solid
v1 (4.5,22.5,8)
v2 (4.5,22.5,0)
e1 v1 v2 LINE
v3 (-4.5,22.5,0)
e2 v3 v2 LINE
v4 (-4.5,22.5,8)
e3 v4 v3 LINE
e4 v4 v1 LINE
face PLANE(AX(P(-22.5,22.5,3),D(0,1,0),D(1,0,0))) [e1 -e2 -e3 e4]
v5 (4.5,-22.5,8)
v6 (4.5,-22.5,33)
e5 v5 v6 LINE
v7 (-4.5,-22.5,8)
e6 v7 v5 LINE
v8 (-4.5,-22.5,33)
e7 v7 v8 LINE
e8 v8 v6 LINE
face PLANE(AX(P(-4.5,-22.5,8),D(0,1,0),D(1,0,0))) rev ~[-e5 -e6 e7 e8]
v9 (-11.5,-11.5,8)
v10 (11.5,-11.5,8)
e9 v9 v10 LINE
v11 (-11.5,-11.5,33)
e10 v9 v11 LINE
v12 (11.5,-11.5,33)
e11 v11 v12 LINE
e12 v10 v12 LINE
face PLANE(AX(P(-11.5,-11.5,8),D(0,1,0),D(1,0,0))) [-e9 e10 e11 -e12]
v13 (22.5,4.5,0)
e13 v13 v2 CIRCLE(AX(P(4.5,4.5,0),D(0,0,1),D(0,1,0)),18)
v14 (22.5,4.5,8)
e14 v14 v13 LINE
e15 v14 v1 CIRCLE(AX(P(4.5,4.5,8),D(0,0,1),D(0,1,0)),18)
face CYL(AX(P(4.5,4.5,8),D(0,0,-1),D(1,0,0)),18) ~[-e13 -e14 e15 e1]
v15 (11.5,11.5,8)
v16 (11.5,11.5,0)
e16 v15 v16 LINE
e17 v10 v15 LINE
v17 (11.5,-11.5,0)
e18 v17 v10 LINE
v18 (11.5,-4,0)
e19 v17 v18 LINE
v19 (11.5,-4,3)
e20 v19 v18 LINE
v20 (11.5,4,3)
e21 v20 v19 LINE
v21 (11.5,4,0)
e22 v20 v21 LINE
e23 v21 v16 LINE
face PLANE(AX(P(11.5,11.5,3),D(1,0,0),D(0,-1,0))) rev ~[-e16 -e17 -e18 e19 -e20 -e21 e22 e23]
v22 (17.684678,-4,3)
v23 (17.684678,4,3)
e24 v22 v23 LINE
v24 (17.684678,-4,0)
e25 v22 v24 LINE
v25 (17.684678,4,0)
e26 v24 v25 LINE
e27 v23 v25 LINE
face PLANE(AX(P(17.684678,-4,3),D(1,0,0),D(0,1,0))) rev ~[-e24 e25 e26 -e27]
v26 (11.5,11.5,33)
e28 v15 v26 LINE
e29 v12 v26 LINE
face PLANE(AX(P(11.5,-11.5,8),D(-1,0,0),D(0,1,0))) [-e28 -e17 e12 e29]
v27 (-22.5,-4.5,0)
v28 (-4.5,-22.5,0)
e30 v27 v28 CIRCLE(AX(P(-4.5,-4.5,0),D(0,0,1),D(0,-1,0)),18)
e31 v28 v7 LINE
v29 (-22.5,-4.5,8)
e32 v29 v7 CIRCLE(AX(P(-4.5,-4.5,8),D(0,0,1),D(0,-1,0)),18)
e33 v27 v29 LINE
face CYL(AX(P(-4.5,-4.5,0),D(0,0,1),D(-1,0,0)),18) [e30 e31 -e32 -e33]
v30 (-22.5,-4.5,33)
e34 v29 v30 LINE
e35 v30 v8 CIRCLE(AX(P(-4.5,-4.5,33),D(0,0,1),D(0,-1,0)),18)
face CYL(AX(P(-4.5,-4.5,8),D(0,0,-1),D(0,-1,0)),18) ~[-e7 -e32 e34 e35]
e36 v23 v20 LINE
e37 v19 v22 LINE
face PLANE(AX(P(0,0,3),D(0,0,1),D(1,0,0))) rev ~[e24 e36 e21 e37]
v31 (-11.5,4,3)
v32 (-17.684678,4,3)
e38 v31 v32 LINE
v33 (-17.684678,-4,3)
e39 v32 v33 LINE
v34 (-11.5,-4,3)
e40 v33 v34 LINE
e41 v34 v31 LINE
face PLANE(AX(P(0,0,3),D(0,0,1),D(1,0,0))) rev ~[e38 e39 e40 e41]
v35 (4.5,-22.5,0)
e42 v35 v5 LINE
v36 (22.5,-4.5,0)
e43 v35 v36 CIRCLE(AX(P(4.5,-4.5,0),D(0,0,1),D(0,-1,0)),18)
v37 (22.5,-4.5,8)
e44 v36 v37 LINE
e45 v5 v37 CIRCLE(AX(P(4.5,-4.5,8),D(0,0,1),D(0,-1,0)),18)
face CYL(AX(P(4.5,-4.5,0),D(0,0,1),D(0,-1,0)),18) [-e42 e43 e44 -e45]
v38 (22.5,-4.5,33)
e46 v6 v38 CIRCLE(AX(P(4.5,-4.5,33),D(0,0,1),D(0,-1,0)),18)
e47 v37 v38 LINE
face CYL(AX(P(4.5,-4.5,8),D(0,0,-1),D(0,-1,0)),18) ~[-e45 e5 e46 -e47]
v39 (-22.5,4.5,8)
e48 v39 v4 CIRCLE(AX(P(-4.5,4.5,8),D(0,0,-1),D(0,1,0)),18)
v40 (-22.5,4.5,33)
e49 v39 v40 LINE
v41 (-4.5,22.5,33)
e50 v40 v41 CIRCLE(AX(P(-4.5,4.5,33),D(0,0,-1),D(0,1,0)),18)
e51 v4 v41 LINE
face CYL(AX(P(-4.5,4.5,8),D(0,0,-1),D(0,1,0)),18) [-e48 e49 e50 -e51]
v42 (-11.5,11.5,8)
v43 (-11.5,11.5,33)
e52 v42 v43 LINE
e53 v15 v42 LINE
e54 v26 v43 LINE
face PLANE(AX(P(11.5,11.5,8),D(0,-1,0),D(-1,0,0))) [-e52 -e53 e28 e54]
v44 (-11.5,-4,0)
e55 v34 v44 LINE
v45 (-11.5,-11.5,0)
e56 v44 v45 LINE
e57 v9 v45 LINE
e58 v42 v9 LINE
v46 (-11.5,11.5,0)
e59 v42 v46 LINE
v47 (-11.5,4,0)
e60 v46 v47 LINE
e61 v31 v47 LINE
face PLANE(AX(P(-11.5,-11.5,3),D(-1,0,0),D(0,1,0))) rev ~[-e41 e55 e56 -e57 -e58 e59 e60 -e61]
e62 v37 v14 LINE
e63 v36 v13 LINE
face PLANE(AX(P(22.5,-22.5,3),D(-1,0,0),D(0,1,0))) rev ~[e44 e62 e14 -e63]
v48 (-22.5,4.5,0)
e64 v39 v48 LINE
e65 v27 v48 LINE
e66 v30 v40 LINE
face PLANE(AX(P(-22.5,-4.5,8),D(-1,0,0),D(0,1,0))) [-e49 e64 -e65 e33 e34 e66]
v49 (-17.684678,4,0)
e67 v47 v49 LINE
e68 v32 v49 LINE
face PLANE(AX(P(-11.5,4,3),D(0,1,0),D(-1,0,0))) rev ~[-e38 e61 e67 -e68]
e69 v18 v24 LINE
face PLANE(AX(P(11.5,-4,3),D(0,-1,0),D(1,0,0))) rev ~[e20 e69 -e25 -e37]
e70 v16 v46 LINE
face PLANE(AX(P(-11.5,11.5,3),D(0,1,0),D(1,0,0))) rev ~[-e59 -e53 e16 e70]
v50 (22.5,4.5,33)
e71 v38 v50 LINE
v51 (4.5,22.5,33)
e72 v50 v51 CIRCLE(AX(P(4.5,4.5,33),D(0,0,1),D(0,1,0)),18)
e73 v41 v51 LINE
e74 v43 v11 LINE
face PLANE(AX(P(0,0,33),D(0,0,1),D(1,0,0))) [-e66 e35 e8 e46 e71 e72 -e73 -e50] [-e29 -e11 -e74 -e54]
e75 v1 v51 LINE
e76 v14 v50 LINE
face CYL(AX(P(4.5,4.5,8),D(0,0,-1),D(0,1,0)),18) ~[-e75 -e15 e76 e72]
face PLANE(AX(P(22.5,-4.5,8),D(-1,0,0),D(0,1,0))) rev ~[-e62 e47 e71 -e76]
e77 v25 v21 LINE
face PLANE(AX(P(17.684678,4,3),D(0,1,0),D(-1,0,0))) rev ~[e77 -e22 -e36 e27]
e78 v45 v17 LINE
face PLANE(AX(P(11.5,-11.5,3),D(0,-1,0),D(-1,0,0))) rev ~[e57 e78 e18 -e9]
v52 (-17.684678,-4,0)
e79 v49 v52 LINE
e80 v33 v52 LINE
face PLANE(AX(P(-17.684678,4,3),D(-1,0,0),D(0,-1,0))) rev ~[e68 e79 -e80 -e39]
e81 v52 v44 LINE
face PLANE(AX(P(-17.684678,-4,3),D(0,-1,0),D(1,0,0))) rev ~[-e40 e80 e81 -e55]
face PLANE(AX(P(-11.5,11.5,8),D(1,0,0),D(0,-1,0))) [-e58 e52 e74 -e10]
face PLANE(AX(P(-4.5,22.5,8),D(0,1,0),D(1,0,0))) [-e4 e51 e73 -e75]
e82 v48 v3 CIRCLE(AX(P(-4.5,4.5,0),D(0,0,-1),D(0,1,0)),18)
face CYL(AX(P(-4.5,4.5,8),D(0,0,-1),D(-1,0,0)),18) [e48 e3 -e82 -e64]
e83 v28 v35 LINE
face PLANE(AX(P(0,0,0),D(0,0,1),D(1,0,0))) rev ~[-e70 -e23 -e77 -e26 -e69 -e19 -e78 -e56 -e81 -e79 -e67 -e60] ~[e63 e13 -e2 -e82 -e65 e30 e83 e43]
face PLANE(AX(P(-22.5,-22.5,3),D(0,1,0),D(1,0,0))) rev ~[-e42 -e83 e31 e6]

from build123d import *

# Parameters (mm, degrees)
F0_W     = 45
F0_H     = 45
F1_DEPTH = 3
F3_DEPTH = 25
F4_W     = 45
F4_H     = 45
F5_DEPTH = 5
F7_DEPTH = 25
F8_R     = 18
F9_DEPTH = 25


with BuildPart() as f1:
    # F0 (on Top) → F1 (new body)
    with BuildSketch(Plane.XY):
        Rectangle(F0_W, F0_H)
    extrude(amount=F1_DEPTH)

    # F2 (on face) → F3 (cut)
    with BuildSketch(Plane.XY.offset(3)):
        Polygon((11.5, 11.5), (-11.5, 11.5), (-11.5, 4), (-17.6846776158, 4), (-17.6846776158, -4), (-11.5, -4), (-11.5, -11.5), (11.5, -11.5), (11.5, -4), (17.6846776158, -4), (17.6846776158, 4), (11.5, 4), align=None)
    extrude(amount=-F3_DEPTH, mode=Mode.SUBTRACT)

    # F4 (on face) → F5 (join)
    with BuildSketch(Plane.XY.offset(3)):
        Rectangle(F4_W, F4_H)
    extrude(amount=F5_DEPTH)

    # F6 (on face) → F7 (cut)
    with BuildSketch(Plane(origin=(0, 0, 3), x_dir=(1, 0, 0), z_dir=(0, 0, -1))):
        Polygon((11.5, -11.5), (11.5, -4), (11.5, 4), (11.5, 11.5), (-11.5, 11.5), (-11.5, 4), (-11.5, -4), (-11.5, -11.5), align=None)
    extrude(amount=-F7_DEPTH, mode=Mode.SUBTRACT)

    # F8
    f8_edges = [f1.edges().sort_by_distance(p)[0] for p in [
        (-22.5, -22.5, 4),
        (22.5, -22.5, 4),
        (22.5, 22.5, 4),
        (-22.5, 22.5, 4),
    ]]
    fillet(f8_edges, radius=F8_R)

    # F9 (add): a face of the model
    f9_faces = [f1.faces().sort_by_distance(p)[0] for p in [
        (0, 21.8636038969, 8),
    ]]
    extrude(f9_faces, amount=F9_DEPTH)


solid = f1.part
